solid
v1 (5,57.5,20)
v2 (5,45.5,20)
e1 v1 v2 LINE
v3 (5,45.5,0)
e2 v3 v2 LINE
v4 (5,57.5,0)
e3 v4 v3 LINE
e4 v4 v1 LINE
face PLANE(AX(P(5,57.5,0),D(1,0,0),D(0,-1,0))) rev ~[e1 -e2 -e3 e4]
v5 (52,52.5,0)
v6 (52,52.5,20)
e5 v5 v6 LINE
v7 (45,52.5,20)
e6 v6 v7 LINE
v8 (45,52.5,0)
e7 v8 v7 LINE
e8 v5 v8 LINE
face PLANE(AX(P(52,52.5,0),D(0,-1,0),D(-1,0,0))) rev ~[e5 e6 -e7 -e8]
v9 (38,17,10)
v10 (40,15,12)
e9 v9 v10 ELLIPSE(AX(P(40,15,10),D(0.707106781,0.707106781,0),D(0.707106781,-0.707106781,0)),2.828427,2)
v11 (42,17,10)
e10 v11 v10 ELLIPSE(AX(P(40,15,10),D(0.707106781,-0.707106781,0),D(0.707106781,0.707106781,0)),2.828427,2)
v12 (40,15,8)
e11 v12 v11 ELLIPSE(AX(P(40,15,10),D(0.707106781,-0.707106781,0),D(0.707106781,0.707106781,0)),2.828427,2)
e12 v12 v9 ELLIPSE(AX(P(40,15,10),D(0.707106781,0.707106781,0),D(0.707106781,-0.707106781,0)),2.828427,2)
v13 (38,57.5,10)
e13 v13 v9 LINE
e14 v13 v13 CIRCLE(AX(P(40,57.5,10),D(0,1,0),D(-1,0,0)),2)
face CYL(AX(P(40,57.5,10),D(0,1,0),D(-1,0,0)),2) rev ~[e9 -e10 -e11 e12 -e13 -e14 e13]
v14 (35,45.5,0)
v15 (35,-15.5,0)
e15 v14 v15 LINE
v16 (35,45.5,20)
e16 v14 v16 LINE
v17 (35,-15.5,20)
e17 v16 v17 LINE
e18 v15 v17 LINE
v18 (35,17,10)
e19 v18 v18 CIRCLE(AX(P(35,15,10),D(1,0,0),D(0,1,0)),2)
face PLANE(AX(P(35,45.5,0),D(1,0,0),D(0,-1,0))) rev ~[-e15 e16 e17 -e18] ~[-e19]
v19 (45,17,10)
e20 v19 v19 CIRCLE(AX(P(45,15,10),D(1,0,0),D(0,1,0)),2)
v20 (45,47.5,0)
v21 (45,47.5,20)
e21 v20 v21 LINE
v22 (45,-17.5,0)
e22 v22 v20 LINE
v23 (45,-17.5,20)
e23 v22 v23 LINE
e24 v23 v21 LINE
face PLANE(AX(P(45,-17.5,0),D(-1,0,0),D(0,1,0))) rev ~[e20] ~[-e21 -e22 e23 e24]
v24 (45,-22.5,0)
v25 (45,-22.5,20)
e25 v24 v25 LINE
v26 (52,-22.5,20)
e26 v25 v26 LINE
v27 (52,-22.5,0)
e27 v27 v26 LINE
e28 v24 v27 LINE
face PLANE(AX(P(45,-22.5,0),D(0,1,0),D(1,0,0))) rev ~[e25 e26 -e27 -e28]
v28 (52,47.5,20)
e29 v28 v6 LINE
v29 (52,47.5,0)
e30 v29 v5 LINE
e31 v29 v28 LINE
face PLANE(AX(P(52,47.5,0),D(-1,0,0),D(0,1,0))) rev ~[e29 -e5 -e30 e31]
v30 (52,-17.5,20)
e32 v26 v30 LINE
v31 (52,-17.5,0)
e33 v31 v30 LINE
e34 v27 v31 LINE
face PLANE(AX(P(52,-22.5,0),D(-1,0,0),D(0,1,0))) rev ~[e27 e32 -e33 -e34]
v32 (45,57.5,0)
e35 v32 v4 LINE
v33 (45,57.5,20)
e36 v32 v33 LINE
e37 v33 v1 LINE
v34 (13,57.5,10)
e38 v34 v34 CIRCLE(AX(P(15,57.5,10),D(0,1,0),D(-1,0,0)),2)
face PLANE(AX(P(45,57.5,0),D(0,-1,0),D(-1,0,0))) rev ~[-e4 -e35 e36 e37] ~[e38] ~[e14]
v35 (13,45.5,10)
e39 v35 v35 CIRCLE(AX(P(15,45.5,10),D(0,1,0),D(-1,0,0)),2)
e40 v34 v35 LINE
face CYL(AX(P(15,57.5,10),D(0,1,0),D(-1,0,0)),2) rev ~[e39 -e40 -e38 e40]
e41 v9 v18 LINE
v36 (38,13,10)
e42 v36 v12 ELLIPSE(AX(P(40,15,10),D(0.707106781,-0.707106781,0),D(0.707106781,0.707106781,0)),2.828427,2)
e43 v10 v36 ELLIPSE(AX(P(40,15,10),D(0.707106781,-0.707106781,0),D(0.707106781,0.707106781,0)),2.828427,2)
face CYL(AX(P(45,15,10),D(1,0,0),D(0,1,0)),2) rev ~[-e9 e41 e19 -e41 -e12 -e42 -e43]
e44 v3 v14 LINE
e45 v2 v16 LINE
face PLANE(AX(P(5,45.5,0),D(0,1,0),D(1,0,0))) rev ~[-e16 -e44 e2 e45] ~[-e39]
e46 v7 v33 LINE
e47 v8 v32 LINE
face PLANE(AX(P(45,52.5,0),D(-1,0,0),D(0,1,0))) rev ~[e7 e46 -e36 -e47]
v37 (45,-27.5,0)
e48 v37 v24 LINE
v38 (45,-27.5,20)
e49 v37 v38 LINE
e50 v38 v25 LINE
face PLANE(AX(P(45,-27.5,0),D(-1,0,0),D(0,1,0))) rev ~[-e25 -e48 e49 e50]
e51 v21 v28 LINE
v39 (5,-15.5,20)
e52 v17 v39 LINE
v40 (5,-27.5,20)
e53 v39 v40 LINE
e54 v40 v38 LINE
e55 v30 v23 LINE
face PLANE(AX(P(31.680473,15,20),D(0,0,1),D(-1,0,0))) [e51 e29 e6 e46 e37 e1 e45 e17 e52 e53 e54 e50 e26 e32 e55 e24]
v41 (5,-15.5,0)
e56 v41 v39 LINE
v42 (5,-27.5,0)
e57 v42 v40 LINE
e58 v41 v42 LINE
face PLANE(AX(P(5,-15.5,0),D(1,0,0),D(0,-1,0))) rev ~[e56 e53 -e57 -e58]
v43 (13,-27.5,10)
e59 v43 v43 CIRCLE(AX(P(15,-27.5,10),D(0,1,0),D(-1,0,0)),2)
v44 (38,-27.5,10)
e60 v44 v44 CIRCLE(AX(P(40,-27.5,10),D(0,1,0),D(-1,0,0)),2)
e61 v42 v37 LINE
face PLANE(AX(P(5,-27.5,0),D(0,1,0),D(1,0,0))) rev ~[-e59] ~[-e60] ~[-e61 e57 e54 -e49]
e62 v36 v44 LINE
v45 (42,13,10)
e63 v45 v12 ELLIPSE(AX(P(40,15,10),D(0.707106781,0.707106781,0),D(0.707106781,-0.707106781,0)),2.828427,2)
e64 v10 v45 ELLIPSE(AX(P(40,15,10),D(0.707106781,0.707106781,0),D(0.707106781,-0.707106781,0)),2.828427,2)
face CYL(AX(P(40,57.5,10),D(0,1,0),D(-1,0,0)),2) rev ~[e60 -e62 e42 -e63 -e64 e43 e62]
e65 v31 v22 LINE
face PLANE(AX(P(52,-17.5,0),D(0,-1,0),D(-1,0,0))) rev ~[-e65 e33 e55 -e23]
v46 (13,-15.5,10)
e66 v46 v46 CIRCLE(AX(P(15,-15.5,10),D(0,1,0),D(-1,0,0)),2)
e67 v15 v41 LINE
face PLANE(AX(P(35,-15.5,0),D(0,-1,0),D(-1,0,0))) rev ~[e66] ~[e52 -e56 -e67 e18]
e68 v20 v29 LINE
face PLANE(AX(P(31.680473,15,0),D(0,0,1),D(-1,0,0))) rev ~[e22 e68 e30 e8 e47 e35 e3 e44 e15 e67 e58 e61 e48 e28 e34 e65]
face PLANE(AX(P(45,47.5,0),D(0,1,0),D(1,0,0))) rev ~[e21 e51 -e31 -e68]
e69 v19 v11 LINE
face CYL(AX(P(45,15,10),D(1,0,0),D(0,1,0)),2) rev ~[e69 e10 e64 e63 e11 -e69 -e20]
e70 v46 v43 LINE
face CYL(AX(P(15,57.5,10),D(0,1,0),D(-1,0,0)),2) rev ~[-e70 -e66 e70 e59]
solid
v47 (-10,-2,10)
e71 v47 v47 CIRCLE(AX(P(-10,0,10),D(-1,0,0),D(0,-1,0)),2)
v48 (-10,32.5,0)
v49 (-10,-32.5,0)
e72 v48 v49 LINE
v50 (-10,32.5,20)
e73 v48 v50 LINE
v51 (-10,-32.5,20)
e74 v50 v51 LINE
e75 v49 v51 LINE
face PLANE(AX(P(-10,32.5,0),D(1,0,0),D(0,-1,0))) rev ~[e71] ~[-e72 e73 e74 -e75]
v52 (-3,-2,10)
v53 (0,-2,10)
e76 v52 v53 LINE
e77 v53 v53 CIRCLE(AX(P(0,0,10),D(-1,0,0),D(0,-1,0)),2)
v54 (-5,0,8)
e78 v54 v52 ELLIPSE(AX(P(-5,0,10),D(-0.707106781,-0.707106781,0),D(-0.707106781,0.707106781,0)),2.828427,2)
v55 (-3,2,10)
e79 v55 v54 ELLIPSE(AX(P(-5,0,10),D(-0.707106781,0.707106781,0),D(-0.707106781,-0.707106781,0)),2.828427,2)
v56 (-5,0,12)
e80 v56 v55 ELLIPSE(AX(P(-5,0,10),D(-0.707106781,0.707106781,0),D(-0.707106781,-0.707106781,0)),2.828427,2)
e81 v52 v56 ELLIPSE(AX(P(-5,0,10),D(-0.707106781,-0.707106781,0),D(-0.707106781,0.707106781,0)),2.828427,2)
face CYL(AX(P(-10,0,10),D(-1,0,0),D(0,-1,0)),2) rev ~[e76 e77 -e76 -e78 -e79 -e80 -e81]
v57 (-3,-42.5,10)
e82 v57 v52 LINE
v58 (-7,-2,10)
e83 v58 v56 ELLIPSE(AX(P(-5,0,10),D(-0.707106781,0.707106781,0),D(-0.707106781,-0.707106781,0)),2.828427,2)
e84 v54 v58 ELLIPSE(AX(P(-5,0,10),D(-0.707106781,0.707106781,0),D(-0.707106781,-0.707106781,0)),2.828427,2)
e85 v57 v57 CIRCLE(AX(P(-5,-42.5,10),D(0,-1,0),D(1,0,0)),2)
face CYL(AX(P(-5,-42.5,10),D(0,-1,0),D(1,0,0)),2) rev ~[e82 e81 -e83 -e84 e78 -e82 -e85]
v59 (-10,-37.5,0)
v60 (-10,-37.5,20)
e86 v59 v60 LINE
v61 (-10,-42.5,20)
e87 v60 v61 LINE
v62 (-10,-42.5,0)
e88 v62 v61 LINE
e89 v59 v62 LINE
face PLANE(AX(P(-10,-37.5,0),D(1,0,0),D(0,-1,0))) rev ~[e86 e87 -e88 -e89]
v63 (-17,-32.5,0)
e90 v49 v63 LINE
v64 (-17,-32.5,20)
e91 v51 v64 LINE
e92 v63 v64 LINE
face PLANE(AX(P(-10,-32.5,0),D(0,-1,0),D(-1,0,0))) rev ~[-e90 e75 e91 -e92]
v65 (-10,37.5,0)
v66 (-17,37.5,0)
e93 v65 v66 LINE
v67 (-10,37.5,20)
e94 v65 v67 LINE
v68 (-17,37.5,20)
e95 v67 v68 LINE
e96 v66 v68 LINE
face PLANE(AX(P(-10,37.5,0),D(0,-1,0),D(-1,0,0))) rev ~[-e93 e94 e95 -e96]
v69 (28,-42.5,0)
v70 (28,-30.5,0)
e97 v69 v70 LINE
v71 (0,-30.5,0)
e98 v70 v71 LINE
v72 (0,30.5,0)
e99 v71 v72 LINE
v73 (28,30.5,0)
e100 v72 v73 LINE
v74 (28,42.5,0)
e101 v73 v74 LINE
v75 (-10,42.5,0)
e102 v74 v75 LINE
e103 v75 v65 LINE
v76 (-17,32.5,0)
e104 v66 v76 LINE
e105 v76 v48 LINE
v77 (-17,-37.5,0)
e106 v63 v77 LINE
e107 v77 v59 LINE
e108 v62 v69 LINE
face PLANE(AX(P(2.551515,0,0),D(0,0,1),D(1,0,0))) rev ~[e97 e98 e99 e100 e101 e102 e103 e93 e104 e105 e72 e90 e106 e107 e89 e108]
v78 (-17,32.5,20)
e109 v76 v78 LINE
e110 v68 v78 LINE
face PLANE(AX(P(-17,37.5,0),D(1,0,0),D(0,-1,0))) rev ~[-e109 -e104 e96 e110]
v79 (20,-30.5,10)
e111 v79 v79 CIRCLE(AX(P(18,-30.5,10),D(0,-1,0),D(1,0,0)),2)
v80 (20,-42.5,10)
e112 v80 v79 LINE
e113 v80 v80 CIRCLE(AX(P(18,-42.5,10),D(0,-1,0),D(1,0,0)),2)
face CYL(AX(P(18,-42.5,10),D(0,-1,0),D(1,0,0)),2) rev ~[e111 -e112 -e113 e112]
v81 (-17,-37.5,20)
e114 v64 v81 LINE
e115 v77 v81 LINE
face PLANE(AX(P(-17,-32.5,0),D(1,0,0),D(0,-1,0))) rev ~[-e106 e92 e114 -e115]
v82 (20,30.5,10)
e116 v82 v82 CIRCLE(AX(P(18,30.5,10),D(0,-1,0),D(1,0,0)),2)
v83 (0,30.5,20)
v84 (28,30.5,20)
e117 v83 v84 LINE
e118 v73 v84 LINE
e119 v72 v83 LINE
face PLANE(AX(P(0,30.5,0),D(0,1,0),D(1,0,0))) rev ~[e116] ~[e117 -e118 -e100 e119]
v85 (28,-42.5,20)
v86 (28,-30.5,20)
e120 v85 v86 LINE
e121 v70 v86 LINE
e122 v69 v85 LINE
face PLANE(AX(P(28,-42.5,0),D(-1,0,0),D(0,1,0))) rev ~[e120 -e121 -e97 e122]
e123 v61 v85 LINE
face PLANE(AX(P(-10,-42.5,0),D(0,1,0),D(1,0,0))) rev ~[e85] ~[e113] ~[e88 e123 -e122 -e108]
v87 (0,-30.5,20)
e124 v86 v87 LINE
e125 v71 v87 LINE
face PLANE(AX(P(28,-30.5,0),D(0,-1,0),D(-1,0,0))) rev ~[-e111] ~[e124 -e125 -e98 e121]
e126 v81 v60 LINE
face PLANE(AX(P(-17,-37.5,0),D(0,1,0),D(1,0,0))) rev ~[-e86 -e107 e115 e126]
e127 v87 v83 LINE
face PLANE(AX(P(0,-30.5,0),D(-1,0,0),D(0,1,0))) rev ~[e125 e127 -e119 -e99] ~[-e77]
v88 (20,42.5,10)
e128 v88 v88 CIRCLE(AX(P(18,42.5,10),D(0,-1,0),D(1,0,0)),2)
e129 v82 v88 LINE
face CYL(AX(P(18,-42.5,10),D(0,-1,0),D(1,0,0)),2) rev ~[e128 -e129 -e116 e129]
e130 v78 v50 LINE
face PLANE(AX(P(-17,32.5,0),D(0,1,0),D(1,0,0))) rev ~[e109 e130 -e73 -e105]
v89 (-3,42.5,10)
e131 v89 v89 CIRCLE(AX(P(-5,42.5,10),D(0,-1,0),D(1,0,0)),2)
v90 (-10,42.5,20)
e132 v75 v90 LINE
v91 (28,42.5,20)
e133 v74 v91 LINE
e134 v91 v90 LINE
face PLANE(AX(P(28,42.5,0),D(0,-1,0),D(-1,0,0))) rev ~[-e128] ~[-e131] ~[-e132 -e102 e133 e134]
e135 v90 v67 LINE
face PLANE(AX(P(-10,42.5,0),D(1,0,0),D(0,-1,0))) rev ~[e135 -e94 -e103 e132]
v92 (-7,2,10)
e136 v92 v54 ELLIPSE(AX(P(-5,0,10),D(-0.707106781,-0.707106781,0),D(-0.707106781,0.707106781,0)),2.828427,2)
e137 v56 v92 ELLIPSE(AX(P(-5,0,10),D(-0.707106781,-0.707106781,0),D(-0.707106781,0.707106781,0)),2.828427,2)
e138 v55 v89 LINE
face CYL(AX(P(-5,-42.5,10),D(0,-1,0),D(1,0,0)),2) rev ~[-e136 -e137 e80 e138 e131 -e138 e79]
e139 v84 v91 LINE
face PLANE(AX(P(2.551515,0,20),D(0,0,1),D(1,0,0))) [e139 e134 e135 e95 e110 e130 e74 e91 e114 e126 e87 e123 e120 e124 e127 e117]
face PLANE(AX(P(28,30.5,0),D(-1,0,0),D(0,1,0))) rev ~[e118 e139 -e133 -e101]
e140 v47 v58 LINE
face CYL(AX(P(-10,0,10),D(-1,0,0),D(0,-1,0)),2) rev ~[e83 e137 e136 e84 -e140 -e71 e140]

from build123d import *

# Parameters (mm, degrees)
PAD_DEPTH       = 20
SKETCH004_R     = 2
POCKET002_DEPTH = 38.001
SKETCH005_R     = 2
POCKET003_DEPTH = 85.001
PAD001_DEPTH    = 20
SKETCH007_R     = 2
POCKET004_DEPTH = 40.001
SKETCH008_R     = 2
POCKET005_DEPTH = 85.001


with BuildPart() as soporte_agujero_superior_lateral:
    # Sketch → Pad (new body)
    with BuildSketch(Plane.XY):
        Polygon((-10, -42.5), (28, -42.5), (28, -30.5), (0, -30.5), (0, 30.5), (28, 30.5), (28, 42.5), (-10, 42.5), (-10, 37.5), (-17, 37.5), (-17, 32.5), (-10, 32.5), (-10, -32.5), (-17, -32.5), (-17, -37.5), (-10, -37.5), align=None)
    extrude(amount=PAD_DEPTH)

    # Sketch004 → Pocket002 (cut, through all)
    with BuildSketch(Plane(origin=(-10, 0, 0), x_dir=(0, -1, 0), z_dir=(-1, 0, 0))):
        with Locations((0, 10)):
            Circle(SKETCH004_R)
    extrude(amount=-POCKET002_DEPTH, mode=Mode.SUBTRACT)

    # Sketch005 → Pocket003 (cut, through all)
    with BuildSketch(Plane.XZ.offset(42.5)):
        with Locations((-5, 10)):
            Circle(SKETCH005_R)
        with Locations((18, 10)):
            Circle(SKETCH005_R)
    extrude(amount=-POCKET003_DEPTH, mode=Mode.SUBTRACT)


with BuildPart() as soporte_agujero_superior_lateral001:
    # Sketch006 → Pad001 (new body)
    with BuildSketch(Plane(origin=(35, 15, 0), x_dir=(-1, 0, 0), z_dir=(0, 0, 1))):
        Polygon((-10, -42.5), (30, -42.5), (30, -30.5), (0, -30.5), (0, 30.5), (30, 30.5), (30, 42.5), (-10, 42.5), (-10, 37.5), (-17, 37.5), (-17, 32.5), (-10, 32.5), (-10, -32.5), (-17, -32.5), (-17, -37.5), (-10, -37.5), align=None)
    extrude(amount=PAD001_DEPTH)

    # Sketch007 → Pocket004 (cut, through all)
    with BuildSketch(Plane(origin=(45, 15, 0), x_dir=(0, 1, 0), z_dir=(1, 0, 0))):
        with Locations((0, 10)):
            Circle(SKETCH007_R)
    extrude(amount=-POCKET004_DEPTH, mode=Mode.SUBTRACT)

    # Sketch008 → Pocket005 (cut, through all)
    with BuildSketch(Plane(origin=(35, 57.5, 0), x_dir=(-1, 0, 0), z_dir=(0, 1, 0))):
        with Locations((-5, 10)):
            Circle(SKETCH008_R)
        with Locations((20, 10)):
            Circle(SKETCH008_R)
    extrude(amount=-POCKET005_DEPTH, mode=Mode.SUBTRACT)


solid = Compound([soporte_agujero_superior_lateral.part, soporte_agujero_superior_lateral001.part])
